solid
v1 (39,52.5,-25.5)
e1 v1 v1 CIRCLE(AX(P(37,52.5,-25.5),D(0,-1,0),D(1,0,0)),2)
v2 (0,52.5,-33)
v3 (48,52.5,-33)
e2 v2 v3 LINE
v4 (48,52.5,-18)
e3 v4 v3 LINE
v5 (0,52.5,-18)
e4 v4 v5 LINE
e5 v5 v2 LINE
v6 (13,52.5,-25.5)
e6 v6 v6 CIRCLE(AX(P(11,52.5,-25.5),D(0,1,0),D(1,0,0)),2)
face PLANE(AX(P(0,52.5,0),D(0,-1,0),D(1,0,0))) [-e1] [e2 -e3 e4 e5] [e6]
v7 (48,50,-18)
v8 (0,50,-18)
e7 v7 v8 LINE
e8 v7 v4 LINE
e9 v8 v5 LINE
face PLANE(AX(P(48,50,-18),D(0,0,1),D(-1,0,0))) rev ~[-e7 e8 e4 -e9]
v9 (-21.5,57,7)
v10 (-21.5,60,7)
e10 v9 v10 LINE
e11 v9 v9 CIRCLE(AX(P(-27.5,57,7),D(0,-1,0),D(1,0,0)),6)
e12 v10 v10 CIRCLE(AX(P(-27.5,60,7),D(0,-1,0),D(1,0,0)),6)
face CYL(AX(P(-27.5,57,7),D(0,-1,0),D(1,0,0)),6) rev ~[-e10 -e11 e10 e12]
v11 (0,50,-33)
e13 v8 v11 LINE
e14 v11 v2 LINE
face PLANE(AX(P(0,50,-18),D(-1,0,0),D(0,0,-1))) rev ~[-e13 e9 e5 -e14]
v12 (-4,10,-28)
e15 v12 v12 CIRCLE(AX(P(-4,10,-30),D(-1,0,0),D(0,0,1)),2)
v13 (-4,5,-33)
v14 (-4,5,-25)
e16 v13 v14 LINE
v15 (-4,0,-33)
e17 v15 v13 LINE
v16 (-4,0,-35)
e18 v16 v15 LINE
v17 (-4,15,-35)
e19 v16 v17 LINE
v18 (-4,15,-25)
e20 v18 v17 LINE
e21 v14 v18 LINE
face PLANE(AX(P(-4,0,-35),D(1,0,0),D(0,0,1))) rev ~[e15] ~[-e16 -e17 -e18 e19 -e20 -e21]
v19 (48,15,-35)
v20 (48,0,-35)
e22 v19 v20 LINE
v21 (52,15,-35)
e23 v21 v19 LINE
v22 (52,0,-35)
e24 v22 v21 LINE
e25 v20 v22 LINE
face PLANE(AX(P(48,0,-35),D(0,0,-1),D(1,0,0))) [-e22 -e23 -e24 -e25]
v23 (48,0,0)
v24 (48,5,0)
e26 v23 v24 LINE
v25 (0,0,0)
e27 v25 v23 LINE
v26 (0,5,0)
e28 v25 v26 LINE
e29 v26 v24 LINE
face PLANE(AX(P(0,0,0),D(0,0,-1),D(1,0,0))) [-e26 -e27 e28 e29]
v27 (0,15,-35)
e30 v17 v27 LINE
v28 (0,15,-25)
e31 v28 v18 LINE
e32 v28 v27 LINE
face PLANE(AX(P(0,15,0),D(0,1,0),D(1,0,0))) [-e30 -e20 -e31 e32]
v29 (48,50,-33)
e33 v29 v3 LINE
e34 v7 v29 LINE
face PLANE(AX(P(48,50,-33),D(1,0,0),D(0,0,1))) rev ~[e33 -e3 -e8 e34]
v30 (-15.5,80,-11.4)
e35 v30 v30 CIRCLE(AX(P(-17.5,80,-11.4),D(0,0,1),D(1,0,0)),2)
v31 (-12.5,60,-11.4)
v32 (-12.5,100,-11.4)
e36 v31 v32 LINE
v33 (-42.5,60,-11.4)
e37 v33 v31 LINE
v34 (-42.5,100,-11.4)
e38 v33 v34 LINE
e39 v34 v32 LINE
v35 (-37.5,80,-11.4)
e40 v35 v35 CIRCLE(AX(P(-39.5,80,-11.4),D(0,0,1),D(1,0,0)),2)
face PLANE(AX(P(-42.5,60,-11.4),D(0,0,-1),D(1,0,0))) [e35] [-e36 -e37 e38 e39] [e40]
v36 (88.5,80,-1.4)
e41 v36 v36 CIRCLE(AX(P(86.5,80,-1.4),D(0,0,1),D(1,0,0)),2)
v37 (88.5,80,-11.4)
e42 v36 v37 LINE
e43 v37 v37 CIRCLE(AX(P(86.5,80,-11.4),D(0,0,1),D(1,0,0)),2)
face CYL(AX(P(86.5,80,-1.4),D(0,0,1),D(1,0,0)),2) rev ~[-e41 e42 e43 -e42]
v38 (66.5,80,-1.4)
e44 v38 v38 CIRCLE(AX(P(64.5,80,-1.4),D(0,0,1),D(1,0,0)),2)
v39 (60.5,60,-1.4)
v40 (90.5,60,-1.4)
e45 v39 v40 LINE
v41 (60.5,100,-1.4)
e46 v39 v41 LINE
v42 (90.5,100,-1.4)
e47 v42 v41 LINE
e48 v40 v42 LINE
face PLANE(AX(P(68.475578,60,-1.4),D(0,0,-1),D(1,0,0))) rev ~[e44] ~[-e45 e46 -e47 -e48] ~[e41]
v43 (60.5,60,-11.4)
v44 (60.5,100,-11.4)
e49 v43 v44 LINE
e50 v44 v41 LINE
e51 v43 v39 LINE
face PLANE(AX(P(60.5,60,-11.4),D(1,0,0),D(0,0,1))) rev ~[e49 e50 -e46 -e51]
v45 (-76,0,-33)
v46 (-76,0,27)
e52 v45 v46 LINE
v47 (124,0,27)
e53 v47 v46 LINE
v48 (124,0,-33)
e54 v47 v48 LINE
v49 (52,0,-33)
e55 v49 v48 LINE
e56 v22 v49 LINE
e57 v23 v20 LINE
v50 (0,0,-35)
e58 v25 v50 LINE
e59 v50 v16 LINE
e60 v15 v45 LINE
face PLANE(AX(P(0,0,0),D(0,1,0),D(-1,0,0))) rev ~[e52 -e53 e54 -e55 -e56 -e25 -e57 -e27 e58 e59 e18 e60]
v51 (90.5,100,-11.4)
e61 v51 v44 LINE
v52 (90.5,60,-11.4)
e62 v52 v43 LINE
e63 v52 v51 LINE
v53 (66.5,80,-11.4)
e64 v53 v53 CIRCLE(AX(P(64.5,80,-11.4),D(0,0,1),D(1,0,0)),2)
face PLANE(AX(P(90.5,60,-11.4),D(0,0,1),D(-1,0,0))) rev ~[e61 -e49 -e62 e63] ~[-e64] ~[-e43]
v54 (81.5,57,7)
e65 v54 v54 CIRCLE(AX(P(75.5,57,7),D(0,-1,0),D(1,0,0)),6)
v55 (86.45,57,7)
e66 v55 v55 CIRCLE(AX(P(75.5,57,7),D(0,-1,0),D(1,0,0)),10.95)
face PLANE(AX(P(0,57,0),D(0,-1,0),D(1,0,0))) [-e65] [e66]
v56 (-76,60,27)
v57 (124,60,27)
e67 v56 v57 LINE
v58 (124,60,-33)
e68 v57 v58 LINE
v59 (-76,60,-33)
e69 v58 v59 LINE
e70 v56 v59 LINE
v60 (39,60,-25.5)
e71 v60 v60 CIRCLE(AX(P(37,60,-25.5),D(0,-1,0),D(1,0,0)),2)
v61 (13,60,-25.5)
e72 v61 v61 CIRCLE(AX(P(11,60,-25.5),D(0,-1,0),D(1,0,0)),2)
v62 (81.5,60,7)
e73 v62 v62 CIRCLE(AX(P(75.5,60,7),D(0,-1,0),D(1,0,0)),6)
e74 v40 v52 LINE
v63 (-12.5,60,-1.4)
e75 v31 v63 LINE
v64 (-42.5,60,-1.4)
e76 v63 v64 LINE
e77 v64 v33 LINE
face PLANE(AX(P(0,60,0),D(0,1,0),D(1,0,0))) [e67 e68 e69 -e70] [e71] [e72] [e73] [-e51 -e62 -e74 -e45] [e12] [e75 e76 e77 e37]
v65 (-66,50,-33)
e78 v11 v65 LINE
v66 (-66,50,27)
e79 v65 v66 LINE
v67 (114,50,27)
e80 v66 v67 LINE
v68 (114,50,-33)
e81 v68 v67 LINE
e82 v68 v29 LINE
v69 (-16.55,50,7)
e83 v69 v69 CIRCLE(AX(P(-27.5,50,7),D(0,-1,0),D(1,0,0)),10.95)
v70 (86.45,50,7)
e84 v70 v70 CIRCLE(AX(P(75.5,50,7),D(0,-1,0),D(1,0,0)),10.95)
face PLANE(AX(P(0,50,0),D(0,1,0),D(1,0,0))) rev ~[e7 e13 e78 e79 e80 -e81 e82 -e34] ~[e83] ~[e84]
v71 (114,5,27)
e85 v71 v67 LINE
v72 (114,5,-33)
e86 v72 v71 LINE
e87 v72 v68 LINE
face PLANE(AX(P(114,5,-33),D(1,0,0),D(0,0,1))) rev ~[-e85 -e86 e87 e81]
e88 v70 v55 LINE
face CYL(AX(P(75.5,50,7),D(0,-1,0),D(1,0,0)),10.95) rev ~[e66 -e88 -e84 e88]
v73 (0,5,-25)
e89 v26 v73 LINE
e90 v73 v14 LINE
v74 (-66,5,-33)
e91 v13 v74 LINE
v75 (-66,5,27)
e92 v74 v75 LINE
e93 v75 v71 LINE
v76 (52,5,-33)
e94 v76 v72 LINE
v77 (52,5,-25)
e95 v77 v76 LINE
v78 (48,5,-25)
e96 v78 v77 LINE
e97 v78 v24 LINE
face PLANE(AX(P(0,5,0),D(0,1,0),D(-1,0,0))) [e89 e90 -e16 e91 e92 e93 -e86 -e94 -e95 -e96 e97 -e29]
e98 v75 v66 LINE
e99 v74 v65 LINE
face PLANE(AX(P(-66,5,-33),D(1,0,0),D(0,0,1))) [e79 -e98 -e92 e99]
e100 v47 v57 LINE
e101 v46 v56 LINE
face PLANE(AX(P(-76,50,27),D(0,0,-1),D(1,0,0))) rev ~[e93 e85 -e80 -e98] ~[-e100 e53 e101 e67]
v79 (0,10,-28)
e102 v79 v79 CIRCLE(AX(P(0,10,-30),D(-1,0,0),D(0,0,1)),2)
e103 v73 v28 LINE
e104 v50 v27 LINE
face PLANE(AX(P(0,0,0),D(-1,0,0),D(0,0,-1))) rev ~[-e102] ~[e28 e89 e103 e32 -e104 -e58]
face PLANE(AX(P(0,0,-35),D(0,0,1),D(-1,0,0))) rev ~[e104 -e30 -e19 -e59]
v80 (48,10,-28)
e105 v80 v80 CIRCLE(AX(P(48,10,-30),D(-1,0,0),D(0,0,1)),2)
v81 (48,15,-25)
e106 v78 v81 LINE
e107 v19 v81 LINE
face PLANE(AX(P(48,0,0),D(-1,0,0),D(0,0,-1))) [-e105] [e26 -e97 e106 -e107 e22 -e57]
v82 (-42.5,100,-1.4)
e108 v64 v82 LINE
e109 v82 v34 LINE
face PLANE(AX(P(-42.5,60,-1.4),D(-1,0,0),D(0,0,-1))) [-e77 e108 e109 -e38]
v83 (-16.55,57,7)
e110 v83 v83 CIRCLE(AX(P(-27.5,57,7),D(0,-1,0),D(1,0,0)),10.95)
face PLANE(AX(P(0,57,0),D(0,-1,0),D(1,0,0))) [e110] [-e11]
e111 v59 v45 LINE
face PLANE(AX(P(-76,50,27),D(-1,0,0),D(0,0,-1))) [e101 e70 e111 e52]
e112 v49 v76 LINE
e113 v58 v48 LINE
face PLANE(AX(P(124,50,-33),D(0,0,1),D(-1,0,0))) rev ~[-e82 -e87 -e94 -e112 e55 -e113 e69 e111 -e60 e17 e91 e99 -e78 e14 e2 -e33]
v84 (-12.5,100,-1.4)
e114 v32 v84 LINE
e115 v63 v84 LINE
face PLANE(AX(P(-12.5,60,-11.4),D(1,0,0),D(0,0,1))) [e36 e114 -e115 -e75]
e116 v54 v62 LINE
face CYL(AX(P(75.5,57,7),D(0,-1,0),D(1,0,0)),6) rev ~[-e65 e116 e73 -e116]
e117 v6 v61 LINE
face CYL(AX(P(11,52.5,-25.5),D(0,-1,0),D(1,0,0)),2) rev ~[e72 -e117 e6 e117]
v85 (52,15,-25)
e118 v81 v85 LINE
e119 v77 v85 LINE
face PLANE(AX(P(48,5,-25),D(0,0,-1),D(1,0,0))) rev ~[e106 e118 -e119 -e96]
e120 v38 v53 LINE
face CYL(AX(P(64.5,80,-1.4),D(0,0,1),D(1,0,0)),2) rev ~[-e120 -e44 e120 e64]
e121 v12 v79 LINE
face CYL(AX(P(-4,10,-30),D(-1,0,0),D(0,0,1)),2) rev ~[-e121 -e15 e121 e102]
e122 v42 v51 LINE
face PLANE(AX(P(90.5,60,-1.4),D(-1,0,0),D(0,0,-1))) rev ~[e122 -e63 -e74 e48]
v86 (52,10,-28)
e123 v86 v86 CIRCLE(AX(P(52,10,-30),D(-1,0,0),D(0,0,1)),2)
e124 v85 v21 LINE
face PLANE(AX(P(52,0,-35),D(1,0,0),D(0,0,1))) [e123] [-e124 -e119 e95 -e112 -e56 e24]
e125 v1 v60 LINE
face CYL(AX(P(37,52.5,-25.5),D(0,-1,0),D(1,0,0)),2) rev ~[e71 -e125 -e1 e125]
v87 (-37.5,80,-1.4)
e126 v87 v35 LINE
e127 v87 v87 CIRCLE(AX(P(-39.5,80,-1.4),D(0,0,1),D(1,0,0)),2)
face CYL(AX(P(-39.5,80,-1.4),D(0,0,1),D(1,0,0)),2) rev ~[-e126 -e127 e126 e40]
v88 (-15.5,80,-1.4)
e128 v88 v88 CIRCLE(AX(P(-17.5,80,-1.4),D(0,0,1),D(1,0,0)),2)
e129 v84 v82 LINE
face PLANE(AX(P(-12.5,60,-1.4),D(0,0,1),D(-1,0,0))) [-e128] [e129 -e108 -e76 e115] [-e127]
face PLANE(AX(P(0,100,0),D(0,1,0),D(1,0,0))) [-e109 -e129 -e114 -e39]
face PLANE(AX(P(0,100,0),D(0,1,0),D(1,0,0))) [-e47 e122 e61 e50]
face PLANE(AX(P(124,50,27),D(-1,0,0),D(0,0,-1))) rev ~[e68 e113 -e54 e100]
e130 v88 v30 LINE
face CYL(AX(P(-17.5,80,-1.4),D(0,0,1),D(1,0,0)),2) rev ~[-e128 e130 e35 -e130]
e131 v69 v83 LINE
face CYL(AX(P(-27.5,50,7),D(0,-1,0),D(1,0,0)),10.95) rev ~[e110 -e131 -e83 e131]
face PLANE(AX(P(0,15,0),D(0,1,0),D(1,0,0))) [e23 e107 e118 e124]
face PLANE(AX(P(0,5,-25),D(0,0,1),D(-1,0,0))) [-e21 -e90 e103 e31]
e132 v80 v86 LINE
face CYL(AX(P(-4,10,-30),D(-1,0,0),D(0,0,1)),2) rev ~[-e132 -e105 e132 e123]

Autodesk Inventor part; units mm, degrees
ref_plane "YZ Plane" through (0, 0, 0) normal (1, 0, 0) x (0, 1, 0)
ref_plane "XZ Plane" through (0, 0, 0) normal (0, 1, 0) x (-1, 0, 0)
ref_plane "XY Plane" through (0, 0, 0) normal (0, 0, 1) x (1, 0, 0)
sketch "Sketch1" plane through (0, 0, 0) normal (0, 1, 0) x (-1, 0, 0)
  line L0 (0, -35) -> (4, -35)
  line L1 (-48, 0) -> (-48, -35)
  line L2 (-48, -24.7754) -> (-48, -13.3333)
  line L3 (-48, -35) -> (-52, -35)
  line L4 (-52, -35) -> (-52, -33)
  line L5 (-52, -33) -> (-124, -33)
  line L6 (4, -35) -> (4, -33)
  line L7 (4, -33) -> (76, -33)
  line L8 (0, 0) -> (0, -35)
  line L9 (0, -96.6) -> (0, 47.6) projected
  line L10 (0, 0) -> (-48, 0)
  line L11 (76, -33) -> (76, 27)
  line L12 (76, 27) -> (-124, 27)
  line L13 (-124, 27) -> (-124, -33)
  line L14 (-24, 27) -> (-24, -76) construction
  dimension "d0" = 35
  dimension "d1" = 35
  dimension "d3" = 4
  dimension "d4" = 2
  dimension "d6" = 48
  dimension "d13" = 60
  dimension "d20" = 100
extrude "Extrusion1" add sketch "Sketch1" along normal blind 5
sketch "Sketch2" plane through (0, 5, 0) normal (0, 1, 0) x (1, 0, 0)
  line L0 (-4, 35) -> (-4, 33) projected
  line L1 (0, 0) -> (0, 35) projected
  line L2 (-4, 35) -> (0, 35)
  line L3 (0, 35) -> (0, 25)
  line L4 (0, 25) -> (-4, 25)
  line L5 (-4, 25) -> (-4, 35)
  line L6 (52, 35) -> (48, 35) projected
  line L7 (52, 35) -> (48, 35)
  line L8 (48, 35) -> (48, 25)
  line L9 (48, 25) -> (52, 25)
  line L10 (52, 25) -> (52, 35)
  dimension "d21" = 10
  dimension "d22" = 10
extrude "Extrusion2" add sketch "Sketch2" along normal blind 10
sketch "Sketch3" plane through (-4, 0, -35) normal (-1, 0, 0) x (0, 0, 1)
  circle A0 centre (5, 10) radius 2
  line L0 (0, 0) -> (0, 15) projected
  line L1 (0, 15) -> (10, 15) projected
  point P0 (35, 0)
  dimension "d25" = 4
  dimension "d26" = 5
  dimension "d27" = 5
extrude "Extrusion3" cut sketch "Sketch3" against normal through all
sketch "Sketch7" plane through (0, 5, 0) normal (0, 1, 0) x (1, 0, 0)
  line L0 (-4, 33) -> (-76, 33) projected
  line L1 (-76, -27) -> (124, -27) projected
  line L2 (-76, 33) -> (-66, 33)
  line L3 (-66, 33) -> (-66, -27)
  line L4 (-66, -27) -> (-76, -27)
  line L5 (-76, -27) -> (-76, 33)
  line L6 (124, 33) -> (114, 33)
  line L7 (114, 33) -> (114, -27)
  line L8 (114, -27) -> (124, -27)
  line L9 (124, -27) -> (124, 33)
  point P0 (0, 0)
  dimension "d42" = 10
  dimension "d43" = 10
  dimension "d67" = 190
extrude "Extrusion7" add sketch "Sketch7" along normal blind 45
sketch "Sketch8" plane through (0, 50, 0) normal (0, 1, 0) x (1, 0, 0)
  line L0 (-76, -27) -> (-76, 33)
  line L1 (124, -27) -> (124, 33) projected
  line L2 (-76, -27) -> (124, -27)
  line L3 (124, -27) -> (124, 33)
  line L4 (124, 33) -> (-76, 33)
  line L5 (-76, 33) -> (-76, -27)
extrude "Extrusion8" add sketch "Sketch8" along normal blind 10
sketch "Sketch9" plane through (0, 50, 0) normal (0, -1, 0) x (1, 0, 0)
  line L0 (48, -35) -> (48, -25) projected
  line L1 (0, 0) -> (0, -35) projected
  line L2 (0, -33) -> (48, -33)
  line L3 (48, -33) -> (48, -18)
  line L4 (48, -18) -> (0, -18)
  line L5 (0, -18) -> (0, -33)
  dimension "d50" = 15
extrude "Extrusion9" cut sketch "Sketch9" against normal blind 2.5
sketch "Sketch10" plane through (0, 52.5, 0) normal (0, -1, 0) x (1, 0, 0)
  line L0 (0, -25.5) -> (11, -25.5)
  line L1 (0, 0) -> (0, -35) projected
  circle A0 centre (11, -25.5) radius 2
  line L2 (48, -18) -> (48, -33) projected
  line L3 (48, -25.5) -> (37, -25.5)
  circle A1 centre (37, -25.5) radius 2
  line L4 (48, -33) -> (0, -33) projected
  dimension "d55" = 11
  dimension "d57" = 4
  dimension "d58" = 11
  dimension "d68" = 7.5
extrude "Extrusion10" cut sketch "Sketch10" against normal through all
sketch "Sketch12" plane through (0, 50, 0) normal (0, -1, 0) x (1, 0, 0)
  circle A0 centre (-27.5, 7) radius 10.95
  circle A1 centre (75.5, 7) radius 10.95
  point P0 (0, 0)
  dimension "d64" = 21.9
extrude "Extrusion12" cut sketch "Sketch12" against normal blind 7
sketch "Sketch16" plane through (-27.5, 57, 7) normal (0, -1, 0) x (1, 0, 0)
  circle A0 centre (0, 0) radius 6
  circle A1 centre (103, 0) radius 10.95 projected
  circle A2 centre (103, 0) radius 6
  point P0 (27.5, -7)
  dimension "d88" = 12
extrude "Extrusion15" cut sketch "Sketch16" against normal through all contours A0 | A2
sketch "Sketch17" plane through (0, 60, 0) normal (0, 1, 0) x (1, 0, 0)
  circle A0 centre (75.5, -7) radius 6 projected
  line L0 (75.5, -7) -> (75.5, 1.4)
  line L1 (60.5, 1.4) -> (90.5, 1.4)
  line L2 (90.5, 1.4) -> (90.5, 11.4)
  line L3 (90.5, 11.4) -> (60.5, 11.4)
  line L4 (60.5, 11.4) -> (60.5, 1.4)
  circle A1 centre (75.5, -7) radius 10.95 projected
  circle A2 centre (-27.5, -7) radius 6 projected
  line L5 (75.5, -7) -> (-27.5, -7)
  line L6 (24, -7) -> (24, -1)
  line L7 (-12.5, 1.4) -> (-42.5, 1.4)
  line L8 (-42.5, 1.4) -> (-42.5, 11.4)
  line L9 (-42.5, 11.4) -> (-12.5, 11.4)
  line L10 (-12.5, 11.4) -> (-12.5, 1.4)
  point P0 (0, 0)
  dimension "d91" = 8.4
  dimension "d92" = 30
  dimension "d93" = 10
extrude "Extrusion16" add sketch "Sketch17" along normal blind 40 contours L1 A1 | L1 L4 L3 L2 A1 | L7 L8 L9 L10
sketch "Sketch18" plane through (60.5, 60, -1.4) normal (0, 0, 1) x (1, 0, 0)
  circle A0 centre (4, 20) radius 2
  line L0 (-136.5, 0) -> (63.5, 0) projected
  line L1 (0, 0) -> (0, 40) projected
  line L2 (0, 0) -> (30, 0)
  line L3 (15, 0) -> (15, 6)
  circle A1 centre (26, 20) radius 2
  point P0 (-60.5, -60)
  dimension "d96" = 20
  dimension "d97" = 4
  dimension "d98" = 4
extrude "Extrusion17" cut sketch "Sketch18" against normal through all
sketch "Sketch19" plane through (-42.5, 60, -1.4) normal (0, 0, 1) x (1, 0, 0)
  line L0 (-33.5, 0) -> (166.5, 0) projected
  line L1 (133, 0) -> (-1, 0)
  line L2 (66, 0) -> (66, 10)
  circle A0 centre (107, 20) radius 2 projected
  circle A1 centre (107, 20) radius 2
  circle A2 centre (129, 20) radius 2 projected
  circle A3 centre (129, 20) radius 2
  circle A4 centre (25, 20) radius 2
  circle A5 centre (3, 20) radius 2
  point P0 (42.5, -60)
extrude "Extrusion18" cut sketch "Sketch19" against normal through all contours A4 | A5
equation "\"d1\" = d0"
properties part number "upper part shooter_3DPrint"
